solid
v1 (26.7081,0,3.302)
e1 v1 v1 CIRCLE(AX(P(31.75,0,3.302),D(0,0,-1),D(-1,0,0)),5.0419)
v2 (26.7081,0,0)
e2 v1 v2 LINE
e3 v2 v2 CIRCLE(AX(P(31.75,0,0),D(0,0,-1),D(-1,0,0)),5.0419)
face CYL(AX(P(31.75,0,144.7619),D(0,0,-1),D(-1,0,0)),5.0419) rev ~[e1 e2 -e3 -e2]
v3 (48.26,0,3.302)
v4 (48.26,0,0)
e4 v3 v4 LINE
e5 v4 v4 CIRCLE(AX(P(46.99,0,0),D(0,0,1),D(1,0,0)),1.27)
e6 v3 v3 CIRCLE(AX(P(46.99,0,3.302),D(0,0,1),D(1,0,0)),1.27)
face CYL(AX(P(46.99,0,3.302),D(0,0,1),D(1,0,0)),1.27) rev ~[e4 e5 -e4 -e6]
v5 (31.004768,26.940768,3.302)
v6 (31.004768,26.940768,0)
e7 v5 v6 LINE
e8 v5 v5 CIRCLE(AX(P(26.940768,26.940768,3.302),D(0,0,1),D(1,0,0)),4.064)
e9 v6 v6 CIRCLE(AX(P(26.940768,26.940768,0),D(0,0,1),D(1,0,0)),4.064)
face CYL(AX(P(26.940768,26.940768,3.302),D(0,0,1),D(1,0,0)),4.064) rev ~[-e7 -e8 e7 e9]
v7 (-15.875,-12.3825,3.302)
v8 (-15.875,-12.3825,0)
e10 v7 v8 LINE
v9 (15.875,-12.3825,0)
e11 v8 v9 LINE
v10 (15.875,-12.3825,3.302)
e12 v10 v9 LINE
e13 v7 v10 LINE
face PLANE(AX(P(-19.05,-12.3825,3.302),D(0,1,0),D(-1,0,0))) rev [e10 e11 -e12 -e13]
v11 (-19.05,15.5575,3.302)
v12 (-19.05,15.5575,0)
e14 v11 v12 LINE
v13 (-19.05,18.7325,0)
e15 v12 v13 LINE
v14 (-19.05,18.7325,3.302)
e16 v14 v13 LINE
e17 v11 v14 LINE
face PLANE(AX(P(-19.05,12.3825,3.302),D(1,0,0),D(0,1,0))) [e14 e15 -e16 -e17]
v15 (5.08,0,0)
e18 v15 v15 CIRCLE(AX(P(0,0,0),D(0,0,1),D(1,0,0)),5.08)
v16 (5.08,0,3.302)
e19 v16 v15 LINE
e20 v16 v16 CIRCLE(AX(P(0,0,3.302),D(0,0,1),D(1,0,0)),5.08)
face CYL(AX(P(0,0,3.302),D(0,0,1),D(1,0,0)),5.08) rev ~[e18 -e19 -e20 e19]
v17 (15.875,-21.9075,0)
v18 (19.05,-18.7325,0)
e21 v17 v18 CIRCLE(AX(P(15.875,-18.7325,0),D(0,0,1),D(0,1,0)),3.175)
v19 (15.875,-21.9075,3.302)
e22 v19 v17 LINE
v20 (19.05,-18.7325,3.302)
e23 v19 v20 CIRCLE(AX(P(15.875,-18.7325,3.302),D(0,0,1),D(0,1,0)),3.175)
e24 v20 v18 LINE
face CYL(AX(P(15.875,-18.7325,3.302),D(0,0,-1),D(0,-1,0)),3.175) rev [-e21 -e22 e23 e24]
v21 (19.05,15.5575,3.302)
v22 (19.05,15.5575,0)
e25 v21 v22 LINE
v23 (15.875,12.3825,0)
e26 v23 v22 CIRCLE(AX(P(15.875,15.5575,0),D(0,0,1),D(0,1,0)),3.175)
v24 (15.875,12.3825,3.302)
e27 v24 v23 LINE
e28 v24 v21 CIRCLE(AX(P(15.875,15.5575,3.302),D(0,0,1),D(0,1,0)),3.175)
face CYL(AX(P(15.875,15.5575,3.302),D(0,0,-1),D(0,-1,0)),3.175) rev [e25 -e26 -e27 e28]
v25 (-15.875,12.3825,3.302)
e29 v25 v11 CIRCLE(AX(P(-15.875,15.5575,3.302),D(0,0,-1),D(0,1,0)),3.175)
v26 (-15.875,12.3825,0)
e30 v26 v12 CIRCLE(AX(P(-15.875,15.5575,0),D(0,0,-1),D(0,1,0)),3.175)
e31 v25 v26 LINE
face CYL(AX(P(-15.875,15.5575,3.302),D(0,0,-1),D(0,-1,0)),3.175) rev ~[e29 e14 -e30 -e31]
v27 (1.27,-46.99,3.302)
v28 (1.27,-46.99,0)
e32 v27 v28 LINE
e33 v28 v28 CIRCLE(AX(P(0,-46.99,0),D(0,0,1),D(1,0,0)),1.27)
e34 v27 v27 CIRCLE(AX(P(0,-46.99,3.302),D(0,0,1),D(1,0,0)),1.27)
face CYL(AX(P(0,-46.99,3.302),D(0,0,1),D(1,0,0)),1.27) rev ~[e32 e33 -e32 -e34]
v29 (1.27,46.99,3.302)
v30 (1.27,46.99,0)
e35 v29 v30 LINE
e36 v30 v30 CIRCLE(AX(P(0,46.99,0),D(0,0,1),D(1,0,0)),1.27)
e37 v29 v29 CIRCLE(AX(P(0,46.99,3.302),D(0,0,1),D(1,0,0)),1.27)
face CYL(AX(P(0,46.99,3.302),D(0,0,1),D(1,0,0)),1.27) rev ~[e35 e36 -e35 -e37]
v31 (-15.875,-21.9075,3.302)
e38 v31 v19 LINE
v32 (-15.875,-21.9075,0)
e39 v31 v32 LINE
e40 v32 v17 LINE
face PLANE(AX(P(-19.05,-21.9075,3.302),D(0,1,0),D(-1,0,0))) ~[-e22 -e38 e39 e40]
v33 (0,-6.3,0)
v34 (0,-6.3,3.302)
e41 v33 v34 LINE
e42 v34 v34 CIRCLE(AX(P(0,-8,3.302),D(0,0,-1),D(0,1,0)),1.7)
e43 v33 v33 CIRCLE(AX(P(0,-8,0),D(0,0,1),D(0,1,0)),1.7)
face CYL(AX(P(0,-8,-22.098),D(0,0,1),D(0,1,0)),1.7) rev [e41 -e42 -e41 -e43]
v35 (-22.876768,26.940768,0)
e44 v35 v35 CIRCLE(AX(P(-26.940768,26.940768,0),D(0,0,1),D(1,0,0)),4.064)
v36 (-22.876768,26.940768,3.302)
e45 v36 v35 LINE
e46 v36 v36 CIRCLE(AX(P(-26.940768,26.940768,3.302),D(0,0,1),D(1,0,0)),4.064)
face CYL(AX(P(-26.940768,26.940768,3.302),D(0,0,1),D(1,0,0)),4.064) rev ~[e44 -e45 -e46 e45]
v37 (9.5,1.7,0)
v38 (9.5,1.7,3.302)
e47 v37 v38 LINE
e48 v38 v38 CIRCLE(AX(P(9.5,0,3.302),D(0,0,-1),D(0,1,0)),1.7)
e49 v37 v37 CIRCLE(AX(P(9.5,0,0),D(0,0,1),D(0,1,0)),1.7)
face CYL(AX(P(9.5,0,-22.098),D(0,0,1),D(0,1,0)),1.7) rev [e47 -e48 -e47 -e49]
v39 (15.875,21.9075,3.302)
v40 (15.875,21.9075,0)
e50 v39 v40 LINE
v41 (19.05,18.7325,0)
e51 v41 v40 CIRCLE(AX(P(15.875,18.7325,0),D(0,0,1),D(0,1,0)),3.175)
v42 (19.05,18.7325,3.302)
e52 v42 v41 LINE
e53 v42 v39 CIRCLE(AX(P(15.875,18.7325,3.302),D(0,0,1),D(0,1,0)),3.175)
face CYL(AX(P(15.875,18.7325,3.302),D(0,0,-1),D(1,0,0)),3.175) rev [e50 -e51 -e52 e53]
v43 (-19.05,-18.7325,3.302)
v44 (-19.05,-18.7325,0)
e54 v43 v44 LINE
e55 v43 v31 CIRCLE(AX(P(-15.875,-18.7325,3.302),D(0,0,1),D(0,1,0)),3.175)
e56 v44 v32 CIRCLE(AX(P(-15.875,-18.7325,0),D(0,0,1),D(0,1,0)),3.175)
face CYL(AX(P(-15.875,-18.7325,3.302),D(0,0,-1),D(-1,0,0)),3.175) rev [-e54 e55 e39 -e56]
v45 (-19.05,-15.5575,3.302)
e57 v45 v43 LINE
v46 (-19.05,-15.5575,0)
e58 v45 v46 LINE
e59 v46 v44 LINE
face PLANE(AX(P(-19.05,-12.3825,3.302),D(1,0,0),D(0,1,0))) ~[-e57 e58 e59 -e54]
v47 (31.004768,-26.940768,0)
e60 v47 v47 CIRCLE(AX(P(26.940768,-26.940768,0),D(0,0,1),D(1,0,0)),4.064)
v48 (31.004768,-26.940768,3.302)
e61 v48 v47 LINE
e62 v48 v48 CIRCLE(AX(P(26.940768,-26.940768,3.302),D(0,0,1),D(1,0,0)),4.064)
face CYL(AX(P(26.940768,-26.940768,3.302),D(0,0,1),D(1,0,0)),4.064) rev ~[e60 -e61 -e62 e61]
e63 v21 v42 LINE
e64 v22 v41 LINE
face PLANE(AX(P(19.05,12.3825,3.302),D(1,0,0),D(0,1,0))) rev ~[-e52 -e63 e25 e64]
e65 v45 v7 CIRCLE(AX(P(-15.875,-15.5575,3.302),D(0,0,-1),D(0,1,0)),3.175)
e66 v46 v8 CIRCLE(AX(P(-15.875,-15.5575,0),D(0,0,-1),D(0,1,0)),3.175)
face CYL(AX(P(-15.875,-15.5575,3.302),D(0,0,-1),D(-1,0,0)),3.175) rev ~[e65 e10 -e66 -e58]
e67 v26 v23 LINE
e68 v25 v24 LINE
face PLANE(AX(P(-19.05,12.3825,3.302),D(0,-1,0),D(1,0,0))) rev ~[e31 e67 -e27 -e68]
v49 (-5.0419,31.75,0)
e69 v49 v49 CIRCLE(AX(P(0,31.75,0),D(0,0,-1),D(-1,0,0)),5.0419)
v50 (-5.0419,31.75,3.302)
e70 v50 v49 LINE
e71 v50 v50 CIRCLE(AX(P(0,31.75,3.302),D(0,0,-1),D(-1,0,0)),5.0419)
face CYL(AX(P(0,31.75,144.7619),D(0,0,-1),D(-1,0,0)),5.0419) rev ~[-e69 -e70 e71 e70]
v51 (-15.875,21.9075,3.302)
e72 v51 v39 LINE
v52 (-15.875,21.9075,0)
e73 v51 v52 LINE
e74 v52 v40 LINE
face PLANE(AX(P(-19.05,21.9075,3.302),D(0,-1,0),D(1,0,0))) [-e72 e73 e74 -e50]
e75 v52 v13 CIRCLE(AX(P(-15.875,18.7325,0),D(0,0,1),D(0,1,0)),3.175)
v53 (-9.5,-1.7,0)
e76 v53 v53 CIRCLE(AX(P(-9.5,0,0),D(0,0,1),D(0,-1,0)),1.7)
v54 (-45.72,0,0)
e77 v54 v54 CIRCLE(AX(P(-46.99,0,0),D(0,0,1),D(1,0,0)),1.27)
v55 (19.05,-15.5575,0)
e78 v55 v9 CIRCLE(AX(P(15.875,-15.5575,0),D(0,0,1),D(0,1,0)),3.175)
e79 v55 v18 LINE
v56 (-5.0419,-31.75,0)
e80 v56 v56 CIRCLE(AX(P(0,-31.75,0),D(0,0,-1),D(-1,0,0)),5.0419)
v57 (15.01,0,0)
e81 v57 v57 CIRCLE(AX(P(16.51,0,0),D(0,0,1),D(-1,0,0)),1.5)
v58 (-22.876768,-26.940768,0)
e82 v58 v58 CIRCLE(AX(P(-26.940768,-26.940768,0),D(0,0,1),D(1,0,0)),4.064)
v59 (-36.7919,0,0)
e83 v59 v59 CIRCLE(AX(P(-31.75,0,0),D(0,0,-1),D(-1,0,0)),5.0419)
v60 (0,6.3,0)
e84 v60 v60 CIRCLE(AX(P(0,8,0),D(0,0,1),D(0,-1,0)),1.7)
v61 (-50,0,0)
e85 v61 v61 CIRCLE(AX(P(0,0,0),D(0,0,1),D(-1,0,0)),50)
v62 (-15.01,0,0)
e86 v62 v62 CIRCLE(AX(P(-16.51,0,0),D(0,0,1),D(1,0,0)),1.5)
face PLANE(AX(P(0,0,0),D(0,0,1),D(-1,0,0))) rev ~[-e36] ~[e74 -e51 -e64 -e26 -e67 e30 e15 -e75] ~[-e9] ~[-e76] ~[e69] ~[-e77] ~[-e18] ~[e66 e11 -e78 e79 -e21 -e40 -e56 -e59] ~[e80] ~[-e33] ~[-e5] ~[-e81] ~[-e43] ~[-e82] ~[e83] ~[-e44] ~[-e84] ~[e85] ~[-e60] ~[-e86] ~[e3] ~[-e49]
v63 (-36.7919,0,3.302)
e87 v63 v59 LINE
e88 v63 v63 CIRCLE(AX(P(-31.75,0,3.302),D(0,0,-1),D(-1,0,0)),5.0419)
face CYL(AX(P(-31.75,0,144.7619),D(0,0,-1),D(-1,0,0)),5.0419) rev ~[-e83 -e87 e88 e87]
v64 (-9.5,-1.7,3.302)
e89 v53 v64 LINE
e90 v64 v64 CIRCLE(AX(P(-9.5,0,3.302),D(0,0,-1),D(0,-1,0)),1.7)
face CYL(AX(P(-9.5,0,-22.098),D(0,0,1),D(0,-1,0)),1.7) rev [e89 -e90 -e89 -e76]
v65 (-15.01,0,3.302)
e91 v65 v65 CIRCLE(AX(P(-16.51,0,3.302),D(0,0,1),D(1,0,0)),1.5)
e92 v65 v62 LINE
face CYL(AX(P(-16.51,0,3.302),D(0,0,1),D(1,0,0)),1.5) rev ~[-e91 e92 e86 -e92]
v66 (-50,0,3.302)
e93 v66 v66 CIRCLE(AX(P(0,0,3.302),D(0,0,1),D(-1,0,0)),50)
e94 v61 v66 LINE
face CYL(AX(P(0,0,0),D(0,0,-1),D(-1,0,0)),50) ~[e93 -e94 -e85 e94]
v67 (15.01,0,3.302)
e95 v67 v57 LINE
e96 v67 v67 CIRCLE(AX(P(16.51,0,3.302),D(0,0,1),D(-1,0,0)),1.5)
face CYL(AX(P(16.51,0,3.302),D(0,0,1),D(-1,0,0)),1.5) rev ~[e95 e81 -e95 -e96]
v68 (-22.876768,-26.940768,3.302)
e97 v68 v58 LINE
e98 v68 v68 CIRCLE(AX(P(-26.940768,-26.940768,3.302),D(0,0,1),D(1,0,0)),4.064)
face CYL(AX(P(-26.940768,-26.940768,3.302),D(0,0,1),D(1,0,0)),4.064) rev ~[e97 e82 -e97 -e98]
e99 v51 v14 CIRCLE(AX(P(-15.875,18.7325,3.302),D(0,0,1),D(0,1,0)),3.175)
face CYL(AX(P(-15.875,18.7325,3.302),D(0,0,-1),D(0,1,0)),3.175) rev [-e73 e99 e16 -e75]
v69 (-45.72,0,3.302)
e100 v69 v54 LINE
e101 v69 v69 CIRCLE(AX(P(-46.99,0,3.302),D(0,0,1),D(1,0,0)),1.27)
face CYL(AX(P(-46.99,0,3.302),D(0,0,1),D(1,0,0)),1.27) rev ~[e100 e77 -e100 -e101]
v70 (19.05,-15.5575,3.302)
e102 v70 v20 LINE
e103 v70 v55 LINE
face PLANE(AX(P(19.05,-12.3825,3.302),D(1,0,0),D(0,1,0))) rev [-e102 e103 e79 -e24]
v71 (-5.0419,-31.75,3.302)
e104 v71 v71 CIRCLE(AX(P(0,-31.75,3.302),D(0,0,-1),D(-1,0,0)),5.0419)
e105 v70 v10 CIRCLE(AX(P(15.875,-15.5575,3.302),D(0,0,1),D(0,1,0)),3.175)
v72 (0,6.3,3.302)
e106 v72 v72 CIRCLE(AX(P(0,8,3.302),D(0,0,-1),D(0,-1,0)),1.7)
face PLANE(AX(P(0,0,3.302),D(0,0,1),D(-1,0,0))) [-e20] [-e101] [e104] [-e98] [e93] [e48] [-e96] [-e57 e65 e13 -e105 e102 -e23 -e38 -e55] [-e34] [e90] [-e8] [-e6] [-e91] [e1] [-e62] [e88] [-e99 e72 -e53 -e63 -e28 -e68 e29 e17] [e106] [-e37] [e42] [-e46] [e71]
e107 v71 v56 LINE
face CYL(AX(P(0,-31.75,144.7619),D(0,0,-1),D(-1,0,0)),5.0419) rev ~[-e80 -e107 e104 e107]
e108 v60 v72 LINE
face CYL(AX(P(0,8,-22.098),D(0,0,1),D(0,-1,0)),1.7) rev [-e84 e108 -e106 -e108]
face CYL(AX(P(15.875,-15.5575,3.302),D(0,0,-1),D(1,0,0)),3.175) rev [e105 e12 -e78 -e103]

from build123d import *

# Parameters (mm, degrees)
SKETCH_1_R                    = 50
EXTRUDE_1_DEPTH               = 3.302
SKETCH_2_R                    = 4.064
CUT_EXTRUDE_1_DEPTH           = 71.787733429
SKETCH_4_R                    = 5.08
CUT_EXTRUDE_3_DEPTH           = 71.787733429
SKETCH_7_R                    = 1.27
CUT_EXTRUDE_6_DEPTH           = 71.787733429
M3_CLEARANCE_HOLE1_AT_2_COUNT = 2
M3_CLEARANCE_HOLE1_AT_2_PITCH = 12.419742348
F_3_8_CLEARANCE_HOLE1_D       = 10.0838
SKETCH11_R                    = 1.5
CUT_EXTRUDE5_DEPTH            = 71.787733429
CIRPATTERN1_COUNT             = 2
CIRPATTERN2_COUNT             = 2
SKETCH12_W                    = 38.1
SKETCH12_H                    = 9.525
CUT_EXTRUDE6_DEPTH            = 71.787733429
FILLET1_R                     = 3.175
FILLET1_OF_MIRROR1_R          = 3.175


with BuildPart() as part:
    # 草图1 → 凸台-拉伸1 (new body)
    with BuildSketch(Plane.XY):
        with Locations(Location((0, 0, 0), (0, 0, 180))):
            Circle(SKETCH_1_R)
    extrude(amount=EXTRUDE_1_DEPTH)

    # 草图2 → 切除-拉伸1 (cut, through all)
    with BuildSketch(Plane.XY.offset(3.302)):
        with Locations((-26.940768363, 26.940768363)):
            Circle(SKETCH_2_R)
        with Locations((-26.940768363, -26.940768363)):
            Circle(SKETCH_2_R)
        with Locations((26.940768363, -26.940768363)):
            Circle(SKETCH_2_R)
        with Locations((26.940768363, 26.940768363)):
            Circle(SKETCH_2_R)
    extrude(amount=-CUT_EXTRUDE_1_DEPTH, mode=Mode.SUBTRACT)

    # 草图4 → 切除-拉伸3 (cut, through all)
    with BuildSketch(Plane.XY.offset(3.302)):
        Circle(SKETCH_4_R)
    extrude(amount=-CUT_EXTRUDE_3_DEPTH, mode=Mode.SUBTRACT)

    # 草图7 → 切除-拉伸6 (cut, through all)
    with BuildSketch(Plane.XY.offset(3.302)):
        with Locations((0, 46.99)):
            Circle(SKETCH_7_R)
        with Locations((46.99, 0)):
            Circle(SKETCH_7_R)
        with Locations((0, -46.99)):
            Circle(SKETCH_7_R)
        with Locations((-46.99, 0)):
            Circle(SKETCH_7_R)
    extrude(amount=-CUT_EXTRUDE_6_DEPTH, mode=Mode.SUBTRACT)

    # Sketch2 → M3 Clearance Hole1 (revolve, cut)
    with BuildSketch(Plane(origin=(0, 8, 3.302), x_dir=(0, -1, 0), z_dir=(1, 0, 0))):
        Polygon((0, 0), (0, 26.421463052), (1.7, 25.4), (1.7, 0), align=None)
    m3_clearance_hole1 = revolve(axis=Axis((0, 8, 9.652), (0, 0, -1)), mode=Mode.SUBTRACT)

    # M3 Clearance Hole1 at 2: M3 Clearance Hole1 ×2
    with Locations(*[Vector(-0.7649111981170567, -0.6441357457827728, 0) * (i * M3_CLEARANCE_HOLE1_AT_2_PITCH) for i in range(1, M3_CLEARANCE_HOLE1_AT_2_COUNT)]):
        add(m3_clearance_hole1, mode=Mode.SUBTRACT)

    # 3/8 Clearance Hole1 (through all)
    with Locations(Plane.XY.offset(3.302)):
        with Locations((0, 31.75), (-31.75, 0), (31.75, 0), (0, -31.75)):
            Hole(F_3_8_CLEARANCE_HOLE1_D / 2)

    # Sketch11 → Cut-Extrude5 (cut, through all)
    with BuildSketch(Plane.XY.offset(3.302)):
        with Locations((-16.51, 0)):
            Circle(SKETCH11_R)
    cut_extrude5 = extrude(amount=-CUT_EXTRUDE5_DEPTH, mode=Mode.SUBTRACT)

    # CirPattern1: Cut-Extrude5 ×2 about axis
    cirpattern1_axis = Axis((0, 0, 0), (0, 0, 1))
    for i in range(1, CIRPATTERN1_COUNT):
        add(cut_extrude5.rotate(cirpattern1_axis, i * 360 / CIRPATTERN1_COUNT), mode=Mode.SUBTRACT)

    # CirPattern2: M3 Clearance Hole1 ×2 about axis
    cirpattern2_axis = Axis((0, 0, 0), (0, 0, 1))
    for i in range(1, CIRPATTERN2_COUNT):
        add(m3_clearance_hole1.rotate(cirpattern2_axis, i * 360 / CIRPATTERN2_COUNT), mode=Mode.SUBTRACT)

    # CirPattern2 copy 1 sketch → CirPattern2 copy 1 (revolve, cut)
    with BuildSketch(Plane(origin=(9.5, 0, 3.302), x_dir=(0, 1, 0), z_dir=(-1, 0, 0))):
        Polygon((0, 0), (0, 26.421463052), (1.7, 25.4), (1.7, 0), align=None)
    revolve(axis=Axis((9.5, 0, 9.652), (0, 0, -1)), mode=Mode.SUBTRACT)

    # Sketch12 → Cut-Extrude6 (cut, through all)
    with BuildSketch(Plane.XY.offset(3.302)):
        with Locations((0, 17.145)):
            Rectangle(SKETCH12_W, SKETCH12_H)
    cut_extrude6 = extrude(amount=-CUT_EXTRUDE6_DEPTH, mode=Mode.SUBTRACT)

    # Fillet1
    fillet1_edges = [part.edges().sort_by_distance(p)[0] for p in [
        (19.05, 21.9075, 1.651),
        (19.05, 12.3825, 1.651),
        (-19.05, 12.3825, 1.651),
        (-19.05, 21.9075, 1.651),
    ]]
    fillet(fillet1_edges, radius=FILLET1_R)

    # Mirror1: Cut-Extrude6 across plane
    add(cut_extrude6.mirror(Plane.ZX), mode=Mode.SUBTRACT)

    # Fillet1 of Mirror1
    fillet1_of_mirror1_edges = [part.edges().sort_by_distance(p)[0] for p in [
        (19.05, -21.9075, 1.651),
        (19.05, -12.3825, 1.651),
        (-19.05, -12.3825, 1.651),
        (-19.05, -21.9075, 1.651),
    ]]
    fillet(fillet1_of_mirror1_edges, radius=FILLET1_OF_MIRROR1_R)


solid = part.part
